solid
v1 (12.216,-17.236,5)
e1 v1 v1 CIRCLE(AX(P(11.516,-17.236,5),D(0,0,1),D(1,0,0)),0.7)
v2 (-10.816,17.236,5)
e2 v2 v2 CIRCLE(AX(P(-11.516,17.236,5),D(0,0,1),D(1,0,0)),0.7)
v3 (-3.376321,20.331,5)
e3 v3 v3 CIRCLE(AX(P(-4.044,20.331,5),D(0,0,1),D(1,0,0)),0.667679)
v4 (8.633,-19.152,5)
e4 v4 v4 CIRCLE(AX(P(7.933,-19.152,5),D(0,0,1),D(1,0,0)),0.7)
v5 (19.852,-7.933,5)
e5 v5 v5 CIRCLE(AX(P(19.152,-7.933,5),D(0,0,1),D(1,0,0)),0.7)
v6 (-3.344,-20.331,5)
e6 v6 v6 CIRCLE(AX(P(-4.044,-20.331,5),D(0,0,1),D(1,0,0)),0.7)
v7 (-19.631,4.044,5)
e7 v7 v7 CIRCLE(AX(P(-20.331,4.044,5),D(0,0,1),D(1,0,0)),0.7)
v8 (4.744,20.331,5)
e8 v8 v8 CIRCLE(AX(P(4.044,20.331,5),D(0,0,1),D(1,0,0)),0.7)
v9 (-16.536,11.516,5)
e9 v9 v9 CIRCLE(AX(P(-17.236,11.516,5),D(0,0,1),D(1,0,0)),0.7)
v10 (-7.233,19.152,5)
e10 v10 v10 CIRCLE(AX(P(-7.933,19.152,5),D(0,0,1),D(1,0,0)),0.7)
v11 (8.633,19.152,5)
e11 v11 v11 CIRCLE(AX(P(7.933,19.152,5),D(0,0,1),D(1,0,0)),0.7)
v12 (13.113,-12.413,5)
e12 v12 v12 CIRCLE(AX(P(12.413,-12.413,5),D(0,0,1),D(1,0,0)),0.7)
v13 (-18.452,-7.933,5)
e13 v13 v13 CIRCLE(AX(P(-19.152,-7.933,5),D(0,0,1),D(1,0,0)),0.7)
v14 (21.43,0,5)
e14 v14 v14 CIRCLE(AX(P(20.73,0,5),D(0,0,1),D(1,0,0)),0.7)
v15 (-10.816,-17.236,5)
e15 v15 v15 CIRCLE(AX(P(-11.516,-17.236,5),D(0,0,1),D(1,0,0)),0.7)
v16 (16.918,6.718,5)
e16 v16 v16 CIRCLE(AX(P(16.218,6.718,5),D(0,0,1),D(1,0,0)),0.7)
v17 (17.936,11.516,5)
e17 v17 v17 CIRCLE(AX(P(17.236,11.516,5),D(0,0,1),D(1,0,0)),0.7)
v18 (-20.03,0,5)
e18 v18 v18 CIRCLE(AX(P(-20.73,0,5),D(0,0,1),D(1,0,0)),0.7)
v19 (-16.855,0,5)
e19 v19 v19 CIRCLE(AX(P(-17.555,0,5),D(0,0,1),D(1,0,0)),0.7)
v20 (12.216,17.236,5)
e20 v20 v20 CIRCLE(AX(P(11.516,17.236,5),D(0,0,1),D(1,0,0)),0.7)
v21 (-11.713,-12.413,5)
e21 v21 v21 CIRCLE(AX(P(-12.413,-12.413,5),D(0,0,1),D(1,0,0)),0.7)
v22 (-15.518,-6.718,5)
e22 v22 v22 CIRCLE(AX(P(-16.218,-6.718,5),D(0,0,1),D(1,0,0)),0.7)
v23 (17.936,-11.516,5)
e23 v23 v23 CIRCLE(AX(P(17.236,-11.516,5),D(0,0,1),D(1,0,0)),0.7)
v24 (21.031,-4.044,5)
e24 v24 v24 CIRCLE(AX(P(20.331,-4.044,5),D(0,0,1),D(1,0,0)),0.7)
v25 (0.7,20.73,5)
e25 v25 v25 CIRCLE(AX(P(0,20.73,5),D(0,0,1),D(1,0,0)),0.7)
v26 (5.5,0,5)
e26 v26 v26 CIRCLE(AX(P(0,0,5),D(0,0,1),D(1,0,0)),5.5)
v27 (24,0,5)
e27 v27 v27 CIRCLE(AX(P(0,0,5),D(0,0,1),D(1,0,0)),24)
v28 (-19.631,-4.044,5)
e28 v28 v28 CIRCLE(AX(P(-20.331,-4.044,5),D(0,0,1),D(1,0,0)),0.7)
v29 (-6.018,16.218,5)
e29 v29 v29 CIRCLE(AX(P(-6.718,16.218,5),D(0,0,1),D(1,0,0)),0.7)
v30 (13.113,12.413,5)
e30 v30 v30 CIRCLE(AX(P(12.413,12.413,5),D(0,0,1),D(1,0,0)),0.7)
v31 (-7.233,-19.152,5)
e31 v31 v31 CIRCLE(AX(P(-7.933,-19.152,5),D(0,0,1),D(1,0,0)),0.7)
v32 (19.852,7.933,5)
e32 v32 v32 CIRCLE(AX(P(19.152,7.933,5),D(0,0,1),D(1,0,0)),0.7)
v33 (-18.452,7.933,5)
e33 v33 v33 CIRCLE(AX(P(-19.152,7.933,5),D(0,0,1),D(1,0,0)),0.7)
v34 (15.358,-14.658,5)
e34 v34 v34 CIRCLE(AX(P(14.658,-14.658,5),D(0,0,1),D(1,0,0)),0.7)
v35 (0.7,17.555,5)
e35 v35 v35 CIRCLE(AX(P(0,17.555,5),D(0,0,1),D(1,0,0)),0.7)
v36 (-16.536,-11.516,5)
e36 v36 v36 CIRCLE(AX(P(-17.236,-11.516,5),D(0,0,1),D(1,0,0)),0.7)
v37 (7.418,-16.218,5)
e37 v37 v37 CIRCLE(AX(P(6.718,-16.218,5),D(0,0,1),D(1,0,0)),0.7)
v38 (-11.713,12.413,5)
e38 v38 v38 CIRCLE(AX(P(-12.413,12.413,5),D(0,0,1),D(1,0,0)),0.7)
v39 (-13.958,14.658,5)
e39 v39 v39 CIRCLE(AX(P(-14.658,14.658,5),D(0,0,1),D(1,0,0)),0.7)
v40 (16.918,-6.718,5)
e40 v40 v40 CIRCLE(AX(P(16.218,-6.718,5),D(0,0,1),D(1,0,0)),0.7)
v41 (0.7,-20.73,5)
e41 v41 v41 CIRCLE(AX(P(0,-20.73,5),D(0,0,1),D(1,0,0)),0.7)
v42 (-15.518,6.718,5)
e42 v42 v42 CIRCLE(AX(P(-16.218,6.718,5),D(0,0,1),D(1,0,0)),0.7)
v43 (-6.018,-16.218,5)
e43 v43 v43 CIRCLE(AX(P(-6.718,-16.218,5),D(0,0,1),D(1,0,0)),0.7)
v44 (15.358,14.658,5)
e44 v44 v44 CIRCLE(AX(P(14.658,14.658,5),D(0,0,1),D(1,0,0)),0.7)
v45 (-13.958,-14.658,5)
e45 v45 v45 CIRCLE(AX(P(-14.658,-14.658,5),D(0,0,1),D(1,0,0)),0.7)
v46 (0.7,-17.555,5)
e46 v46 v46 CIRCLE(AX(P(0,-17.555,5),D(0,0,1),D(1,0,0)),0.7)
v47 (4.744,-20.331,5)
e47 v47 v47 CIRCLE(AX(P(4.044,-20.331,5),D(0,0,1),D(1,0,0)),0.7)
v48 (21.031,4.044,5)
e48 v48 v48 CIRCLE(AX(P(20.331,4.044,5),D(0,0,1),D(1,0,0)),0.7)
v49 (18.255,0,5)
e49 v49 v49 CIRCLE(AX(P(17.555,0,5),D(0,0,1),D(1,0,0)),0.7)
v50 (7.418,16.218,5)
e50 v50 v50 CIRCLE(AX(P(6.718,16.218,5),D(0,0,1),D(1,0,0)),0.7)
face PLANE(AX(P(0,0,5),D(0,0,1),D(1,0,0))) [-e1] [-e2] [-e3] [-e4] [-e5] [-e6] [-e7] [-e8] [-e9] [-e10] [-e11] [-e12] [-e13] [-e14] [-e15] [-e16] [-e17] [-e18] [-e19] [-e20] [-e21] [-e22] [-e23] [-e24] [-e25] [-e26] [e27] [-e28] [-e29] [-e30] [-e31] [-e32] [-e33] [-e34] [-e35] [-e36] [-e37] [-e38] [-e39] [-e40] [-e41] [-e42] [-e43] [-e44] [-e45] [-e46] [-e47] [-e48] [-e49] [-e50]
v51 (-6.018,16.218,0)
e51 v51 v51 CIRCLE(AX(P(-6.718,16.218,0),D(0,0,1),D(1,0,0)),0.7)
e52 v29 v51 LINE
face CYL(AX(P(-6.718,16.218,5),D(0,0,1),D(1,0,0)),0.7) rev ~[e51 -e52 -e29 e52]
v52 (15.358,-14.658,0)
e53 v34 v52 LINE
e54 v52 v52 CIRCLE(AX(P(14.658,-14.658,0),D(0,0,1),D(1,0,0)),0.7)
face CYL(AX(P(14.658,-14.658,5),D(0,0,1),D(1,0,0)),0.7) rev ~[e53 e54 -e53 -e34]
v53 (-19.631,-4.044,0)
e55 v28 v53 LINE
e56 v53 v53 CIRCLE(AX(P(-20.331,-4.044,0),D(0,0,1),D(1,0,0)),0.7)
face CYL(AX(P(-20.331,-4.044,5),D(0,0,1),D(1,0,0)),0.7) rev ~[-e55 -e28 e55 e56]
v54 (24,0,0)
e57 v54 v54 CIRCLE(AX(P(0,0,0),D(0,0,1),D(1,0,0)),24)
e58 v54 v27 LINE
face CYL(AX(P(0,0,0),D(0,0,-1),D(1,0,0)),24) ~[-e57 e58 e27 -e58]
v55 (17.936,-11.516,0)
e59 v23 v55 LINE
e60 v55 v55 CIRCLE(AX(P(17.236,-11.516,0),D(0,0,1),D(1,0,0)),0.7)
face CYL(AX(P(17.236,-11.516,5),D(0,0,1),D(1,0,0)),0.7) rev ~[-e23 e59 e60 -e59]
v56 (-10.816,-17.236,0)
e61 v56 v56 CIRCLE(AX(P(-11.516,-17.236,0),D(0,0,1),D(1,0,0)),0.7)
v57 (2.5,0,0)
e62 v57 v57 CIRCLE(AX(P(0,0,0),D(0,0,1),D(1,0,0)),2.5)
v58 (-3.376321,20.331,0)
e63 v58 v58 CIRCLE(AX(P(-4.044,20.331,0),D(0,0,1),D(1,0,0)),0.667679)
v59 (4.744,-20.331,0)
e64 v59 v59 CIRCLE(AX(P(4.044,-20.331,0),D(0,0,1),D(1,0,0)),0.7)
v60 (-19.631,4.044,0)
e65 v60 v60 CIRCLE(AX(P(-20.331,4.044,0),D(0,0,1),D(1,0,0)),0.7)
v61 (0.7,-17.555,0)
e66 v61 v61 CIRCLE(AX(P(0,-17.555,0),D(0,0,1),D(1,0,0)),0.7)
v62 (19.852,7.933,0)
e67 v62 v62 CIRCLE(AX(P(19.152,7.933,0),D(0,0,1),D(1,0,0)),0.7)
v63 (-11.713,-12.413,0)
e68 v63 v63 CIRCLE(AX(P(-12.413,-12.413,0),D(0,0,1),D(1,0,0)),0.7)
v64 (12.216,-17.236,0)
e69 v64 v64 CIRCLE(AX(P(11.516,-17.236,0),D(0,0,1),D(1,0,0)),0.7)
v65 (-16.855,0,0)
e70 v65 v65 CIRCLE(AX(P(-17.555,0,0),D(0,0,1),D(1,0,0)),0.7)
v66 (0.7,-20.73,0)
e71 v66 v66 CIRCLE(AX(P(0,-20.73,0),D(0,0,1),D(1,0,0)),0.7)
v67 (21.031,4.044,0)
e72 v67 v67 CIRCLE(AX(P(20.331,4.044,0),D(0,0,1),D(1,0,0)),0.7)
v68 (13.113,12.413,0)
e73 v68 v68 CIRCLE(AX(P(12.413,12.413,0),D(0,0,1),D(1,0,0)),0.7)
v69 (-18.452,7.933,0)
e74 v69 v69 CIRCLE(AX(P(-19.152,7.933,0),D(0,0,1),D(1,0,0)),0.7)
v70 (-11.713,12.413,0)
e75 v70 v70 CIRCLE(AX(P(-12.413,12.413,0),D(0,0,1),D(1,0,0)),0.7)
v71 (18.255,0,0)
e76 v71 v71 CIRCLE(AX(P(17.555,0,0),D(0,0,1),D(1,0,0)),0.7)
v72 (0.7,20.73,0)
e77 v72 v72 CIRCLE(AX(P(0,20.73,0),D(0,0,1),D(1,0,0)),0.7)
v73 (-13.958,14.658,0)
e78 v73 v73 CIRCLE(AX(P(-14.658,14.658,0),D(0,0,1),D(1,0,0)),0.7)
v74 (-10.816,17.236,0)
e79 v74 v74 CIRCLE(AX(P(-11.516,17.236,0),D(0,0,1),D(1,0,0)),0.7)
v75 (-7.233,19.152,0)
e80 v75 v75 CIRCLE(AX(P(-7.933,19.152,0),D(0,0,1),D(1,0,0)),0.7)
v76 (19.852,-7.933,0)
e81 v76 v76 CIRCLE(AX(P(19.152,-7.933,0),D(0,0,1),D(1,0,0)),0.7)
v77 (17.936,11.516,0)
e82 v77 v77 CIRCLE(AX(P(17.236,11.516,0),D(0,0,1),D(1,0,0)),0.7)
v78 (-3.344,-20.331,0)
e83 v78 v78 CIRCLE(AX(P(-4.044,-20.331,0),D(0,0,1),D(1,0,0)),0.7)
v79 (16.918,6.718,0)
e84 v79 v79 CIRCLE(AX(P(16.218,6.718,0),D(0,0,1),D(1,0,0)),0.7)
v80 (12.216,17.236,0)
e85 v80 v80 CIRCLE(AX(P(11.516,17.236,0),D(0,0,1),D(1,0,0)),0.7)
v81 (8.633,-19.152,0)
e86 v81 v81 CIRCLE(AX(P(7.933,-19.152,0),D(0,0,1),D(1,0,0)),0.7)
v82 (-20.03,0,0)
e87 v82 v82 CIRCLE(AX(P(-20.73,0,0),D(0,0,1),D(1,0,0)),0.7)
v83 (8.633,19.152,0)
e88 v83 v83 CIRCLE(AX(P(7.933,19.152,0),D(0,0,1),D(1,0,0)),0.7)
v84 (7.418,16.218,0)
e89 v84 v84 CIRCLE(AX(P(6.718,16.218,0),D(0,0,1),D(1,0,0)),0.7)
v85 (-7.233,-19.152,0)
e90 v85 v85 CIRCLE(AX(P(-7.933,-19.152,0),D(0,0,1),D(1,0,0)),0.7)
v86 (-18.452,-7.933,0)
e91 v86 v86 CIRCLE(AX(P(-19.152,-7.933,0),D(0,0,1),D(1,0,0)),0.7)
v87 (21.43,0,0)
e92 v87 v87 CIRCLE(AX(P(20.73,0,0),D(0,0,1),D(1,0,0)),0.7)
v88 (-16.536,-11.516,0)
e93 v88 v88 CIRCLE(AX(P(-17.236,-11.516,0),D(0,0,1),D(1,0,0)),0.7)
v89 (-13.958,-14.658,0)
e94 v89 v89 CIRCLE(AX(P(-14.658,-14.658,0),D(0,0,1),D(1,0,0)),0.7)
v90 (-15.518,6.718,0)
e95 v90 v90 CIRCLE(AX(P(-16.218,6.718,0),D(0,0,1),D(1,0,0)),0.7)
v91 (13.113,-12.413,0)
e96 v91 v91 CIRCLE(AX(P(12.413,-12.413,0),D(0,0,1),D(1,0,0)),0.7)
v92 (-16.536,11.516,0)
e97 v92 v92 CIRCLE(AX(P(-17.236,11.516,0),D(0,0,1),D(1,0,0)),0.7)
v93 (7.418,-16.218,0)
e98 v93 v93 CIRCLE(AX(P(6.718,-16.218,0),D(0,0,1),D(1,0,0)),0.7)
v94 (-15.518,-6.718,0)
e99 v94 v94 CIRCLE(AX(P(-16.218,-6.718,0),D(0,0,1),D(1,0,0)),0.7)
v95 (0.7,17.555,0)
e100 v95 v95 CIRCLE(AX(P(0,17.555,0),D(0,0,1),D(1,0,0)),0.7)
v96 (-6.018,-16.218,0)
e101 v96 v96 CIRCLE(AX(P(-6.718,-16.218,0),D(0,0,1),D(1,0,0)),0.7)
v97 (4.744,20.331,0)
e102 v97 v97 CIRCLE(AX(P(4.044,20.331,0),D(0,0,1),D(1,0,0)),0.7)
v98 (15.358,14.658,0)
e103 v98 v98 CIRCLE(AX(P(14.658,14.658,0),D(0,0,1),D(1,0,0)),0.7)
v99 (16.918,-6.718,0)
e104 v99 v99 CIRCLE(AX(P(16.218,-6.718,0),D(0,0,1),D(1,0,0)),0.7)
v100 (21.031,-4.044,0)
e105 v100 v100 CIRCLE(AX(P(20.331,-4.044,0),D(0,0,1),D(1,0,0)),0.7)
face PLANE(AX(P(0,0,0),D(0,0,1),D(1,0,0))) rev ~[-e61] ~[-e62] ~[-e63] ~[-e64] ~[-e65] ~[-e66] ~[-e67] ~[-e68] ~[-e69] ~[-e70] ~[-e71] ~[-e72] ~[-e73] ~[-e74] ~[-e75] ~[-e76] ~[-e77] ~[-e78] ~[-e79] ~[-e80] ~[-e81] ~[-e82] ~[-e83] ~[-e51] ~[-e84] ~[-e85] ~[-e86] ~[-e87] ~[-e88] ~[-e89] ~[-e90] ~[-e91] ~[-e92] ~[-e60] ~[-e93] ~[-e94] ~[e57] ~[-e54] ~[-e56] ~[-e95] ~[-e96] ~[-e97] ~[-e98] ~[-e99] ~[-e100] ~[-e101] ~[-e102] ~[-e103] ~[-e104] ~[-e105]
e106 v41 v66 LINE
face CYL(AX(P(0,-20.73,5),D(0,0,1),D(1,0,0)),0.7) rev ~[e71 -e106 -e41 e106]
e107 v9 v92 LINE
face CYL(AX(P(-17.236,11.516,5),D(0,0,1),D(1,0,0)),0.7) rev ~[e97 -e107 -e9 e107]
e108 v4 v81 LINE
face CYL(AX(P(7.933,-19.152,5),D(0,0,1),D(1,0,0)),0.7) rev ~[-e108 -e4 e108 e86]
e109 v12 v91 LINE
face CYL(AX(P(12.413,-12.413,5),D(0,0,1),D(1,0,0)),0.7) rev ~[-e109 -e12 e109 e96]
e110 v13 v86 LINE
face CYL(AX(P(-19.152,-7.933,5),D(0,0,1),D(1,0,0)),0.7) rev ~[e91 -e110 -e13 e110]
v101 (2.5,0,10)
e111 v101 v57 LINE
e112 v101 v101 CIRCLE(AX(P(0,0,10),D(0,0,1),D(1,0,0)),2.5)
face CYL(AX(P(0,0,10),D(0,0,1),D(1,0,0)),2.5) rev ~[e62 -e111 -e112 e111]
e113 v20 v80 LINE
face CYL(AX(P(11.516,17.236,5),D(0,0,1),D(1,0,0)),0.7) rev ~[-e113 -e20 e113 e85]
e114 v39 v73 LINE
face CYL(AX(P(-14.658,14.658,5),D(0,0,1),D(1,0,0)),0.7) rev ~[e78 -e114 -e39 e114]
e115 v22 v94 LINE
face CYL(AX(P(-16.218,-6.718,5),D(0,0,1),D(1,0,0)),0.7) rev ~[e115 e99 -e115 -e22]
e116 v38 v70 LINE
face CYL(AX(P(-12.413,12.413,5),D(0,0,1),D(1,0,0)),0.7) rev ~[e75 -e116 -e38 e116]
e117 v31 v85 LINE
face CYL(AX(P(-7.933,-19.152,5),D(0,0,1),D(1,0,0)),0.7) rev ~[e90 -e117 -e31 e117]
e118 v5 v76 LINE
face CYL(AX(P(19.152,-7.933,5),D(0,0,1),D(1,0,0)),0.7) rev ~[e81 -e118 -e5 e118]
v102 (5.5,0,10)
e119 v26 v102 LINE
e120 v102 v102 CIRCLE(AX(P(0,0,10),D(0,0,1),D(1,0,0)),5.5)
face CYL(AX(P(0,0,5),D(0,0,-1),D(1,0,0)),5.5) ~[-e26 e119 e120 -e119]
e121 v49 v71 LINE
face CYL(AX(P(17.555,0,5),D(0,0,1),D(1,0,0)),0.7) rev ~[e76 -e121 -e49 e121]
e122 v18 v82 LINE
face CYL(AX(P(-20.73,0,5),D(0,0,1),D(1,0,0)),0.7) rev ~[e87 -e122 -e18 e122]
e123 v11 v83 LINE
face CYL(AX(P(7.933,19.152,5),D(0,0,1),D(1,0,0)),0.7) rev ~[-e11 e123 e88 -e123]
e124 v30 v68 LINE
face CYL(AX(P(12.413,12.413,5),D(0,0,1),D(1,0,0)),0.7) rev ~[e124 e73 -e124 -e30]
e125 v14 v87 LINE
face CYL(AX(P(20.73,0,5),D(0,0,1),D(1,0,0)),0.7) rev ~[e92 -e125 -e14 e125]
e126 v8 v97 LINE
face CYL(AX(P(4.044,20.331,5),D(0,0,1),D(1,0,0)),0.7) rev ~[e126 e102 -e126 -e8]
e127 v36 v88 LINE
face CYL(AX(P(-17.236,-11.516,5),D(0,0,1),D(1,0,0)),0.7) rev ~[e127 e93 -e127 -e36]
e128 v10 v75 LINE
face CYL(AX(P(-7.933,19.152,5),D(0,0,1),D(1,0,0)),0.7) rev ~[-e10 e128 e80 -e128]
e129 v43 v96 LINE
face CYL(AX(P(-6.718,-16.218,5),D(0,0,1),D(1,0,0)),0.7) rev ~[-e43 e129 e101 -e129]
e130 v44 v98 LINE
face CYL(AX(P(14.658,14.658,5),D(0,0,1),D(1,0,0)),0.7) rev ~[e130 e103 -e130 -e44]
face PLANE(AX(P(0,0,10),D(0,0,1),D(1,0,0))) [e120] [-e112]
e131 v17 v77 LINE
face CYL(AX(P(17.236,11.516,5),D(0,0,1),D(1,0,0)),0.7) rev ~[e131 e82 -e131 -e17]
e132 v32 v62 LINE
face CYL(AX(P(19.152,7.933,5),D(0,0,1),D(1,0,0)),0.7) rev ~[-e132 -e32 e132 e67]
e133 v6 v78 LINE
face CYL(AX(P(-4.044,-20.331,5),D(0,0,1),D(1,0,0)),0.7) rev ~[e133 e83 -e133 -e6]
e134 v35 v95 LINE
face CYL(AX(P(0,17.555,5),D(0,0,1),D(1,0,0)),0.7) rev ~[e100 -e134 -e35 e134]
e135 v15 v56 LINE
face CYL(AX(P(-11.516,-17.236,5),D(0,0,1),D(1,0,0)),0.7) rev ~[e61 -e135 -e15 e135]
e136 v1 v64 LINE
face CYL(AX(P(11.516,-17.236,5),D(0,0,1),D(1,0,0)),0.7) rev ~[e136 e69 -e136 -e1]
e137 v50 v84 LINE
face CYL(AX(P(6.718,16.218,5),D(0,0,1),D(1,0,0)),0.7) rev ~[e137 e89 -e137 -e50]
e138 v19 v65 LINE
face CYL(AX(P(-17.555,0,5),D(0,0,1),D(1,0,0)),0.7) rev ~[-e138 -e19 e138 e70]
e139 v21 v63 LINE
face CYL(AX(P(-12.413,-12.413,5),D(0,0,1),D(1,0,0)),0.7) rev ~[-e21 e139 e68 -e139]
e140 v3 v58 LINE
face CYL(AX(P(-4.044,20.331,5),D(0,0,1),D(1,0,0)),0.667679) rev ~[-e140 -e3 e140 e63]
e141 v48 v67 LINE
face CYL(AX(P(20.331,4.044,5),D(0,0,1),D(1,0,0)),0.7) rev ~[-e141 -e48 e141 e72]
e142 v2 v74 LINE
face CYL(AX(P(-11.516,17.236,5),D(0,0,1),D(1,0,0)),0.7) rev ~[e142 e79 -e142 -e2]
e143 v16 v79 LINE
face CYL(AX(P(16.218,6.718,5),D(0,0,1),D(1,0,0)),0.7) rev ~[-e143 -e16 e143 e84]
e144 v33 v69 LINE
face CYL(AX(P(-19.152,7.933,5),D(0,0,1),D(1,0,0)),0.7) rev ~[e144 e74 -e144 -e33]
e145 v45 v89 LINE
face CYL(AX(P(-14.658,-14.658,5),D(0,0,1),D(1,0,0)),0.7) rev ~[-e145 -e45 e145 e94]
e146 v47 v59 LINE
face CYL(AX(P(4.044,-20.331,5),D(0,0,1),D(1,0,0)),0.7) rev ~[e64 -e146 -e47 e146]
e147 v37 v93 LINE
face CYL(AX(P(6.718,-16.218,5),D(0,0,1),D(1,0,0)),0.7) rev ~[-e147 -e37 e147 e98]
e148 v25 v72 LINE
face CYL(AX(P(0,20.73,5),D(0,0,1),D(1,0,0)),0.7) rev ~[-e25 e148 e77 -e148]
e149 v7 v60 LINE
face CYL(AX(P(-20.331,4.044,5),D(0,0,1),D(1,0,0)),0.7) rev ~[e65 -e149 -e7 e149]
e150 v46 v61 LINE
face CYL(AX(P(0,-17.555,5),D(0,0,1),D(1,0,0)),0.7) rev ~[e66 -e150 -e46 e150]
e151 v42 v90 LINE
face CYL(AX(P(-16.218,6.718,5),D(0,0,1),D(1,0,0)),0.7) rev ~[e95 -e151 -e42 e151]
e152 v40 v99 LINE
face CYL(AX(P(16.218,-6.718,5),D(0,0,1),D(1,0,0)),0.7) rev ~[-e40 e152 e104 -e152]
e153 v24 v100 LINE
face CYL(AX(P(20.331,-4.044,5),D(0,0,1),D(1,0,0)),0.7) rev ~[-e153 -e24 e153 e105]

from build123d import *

# Parameters (mm, degrees)
SKETCH1_R          = 24
EXTRUDE1_DEPTH     = 5
SKETCH2_R          = 5.5
EXTRUDE2_DEPTH     = 5
SKETCH3_R          = 2.5
CUT_EXTRUDE1_DEPTH = 11
SKETCH4_R          = 0.7
SKETCH4_R_2        = 0.66767911
CUT_EXTRUDE2_DEPTH = 6


with BuildPart() as part:
    # Sketch1 → Extrude1 (new body)
    with BuildSketch(Plane.XY):
        Circle(SKETCH1_R)
    extrude(amount=EXTRUDE1_DEPTH)

    # Sketch2 → Extrude2 (add)
    with BuildSketch(Plane.XY.offset(5)):
        Circle(SKETCH2_R)
    extrude(amount=EXTRUDE2_DEPTH)

    # Sketch3 → Cut-Extrude1 (cut, through all)
    with BuildSketch(Plane.XY.offset(10)):
        Circle(SKETCH3_R)
    extrude(amount=-CUT_EXTRUDE1_DEPTH, mode=Mode.SUBTRACT)

    # Sketch4 → Cut-Extrude2 (cut, through all)
    with BuildSketch(Plane.XY.offset(5)):
        with Locations((0, 20.73)):
            Circle(SKETCH4_R)
        with Locations((0, -20.73)):
            Circle(SKETCH4_R)
        with Locations((20.73, 0)):
            Circle(SKETCH4_R)
        with Locations((-20.73, 0)):
            Circle(SKETCH4_R)
        with Locations((-14.658, 14.658)):
            Circle(SKETCH4_R)
        with Locations((14.658, 14.658)):
            Circle(SKETCH4_R)
        with Locations((14.658, -14.658)):
            Circle(SKETCH4_R)
        with Locations((-14.658, -14.658)):
            Circle(SKETCH4_R)
        with Locations((19.152, 7.933)):
            Circle(SKETCH4_R)
        with Locations((7.933, 19.152)):
            Circle(SKETCH4_R)
        with Locations((19.152, -7.933)):
            Circle(SKETCH4_R)
        with Locations((7.933, -19.152)):
            Circle(SKETCH4_R)
        with Locations((-7.933, 19.152)):
            Circle(SKETCH4_R)
        with Locations((-19.152, 7.933)):
            Circle(SKETCH4_R)
        with Locations((-19.152, -7.933)):
            Circle(SKETCH4_R)
        with Locations((-7.933, -19.152)):
            Circle(SKETCH4_R)
        with Locations((20.331, 4.044)):
            Circle(SKETCH4_R)
        with Locations((20.331, -4.044)):
            Circle(SKETCH4_R)
        with Locations((4.044, -20.331)):
            Circle(SKETCH4_R)
        with Locations((-4.044, -20.331)):
            Circle(SKETCH4_R)
        with Locations((4.044, 20.331)):
            Circle(SKETCH4_R)
        with Locations((-4.044, 20.331)):
            Circle(SKETCH4_R_2)
        with Locations((-20.331, 4.044)):
            Circle(SKETCH4_R)
        with Locations((-20.331, -4.044)):
            Circle(SKETCH4_R)
        with Locations((17.236, 11.516)):
            Circle(SKETCH4_R)
        with Locations((11.516, 17.236)):
            Circle(SKETCH4_R)
        with Locations((17.236, -11.516)):
            Circle(SKETCH4_R)
        with Locations((11.516, -17.236)):
            Circle(SKETCH4_R)
        with Locations((-11.516, -17.236)):
            Circle(SKETCH4_R)
        with Locations((-17.236, -11.516)):
            Circle(SKETCH4_R)
        with Locations((-17.236, 11.516)):
            Circle(SKETCH4_R)
        with Locations((-11.516, 17.236)):
            Circle(SKETCH4_R)
        with Locations((0, 17.555)):
            Circle(SKETCH4_R)
        with Locations((17.555, 0)):
            Circle(SKETCH4_R)
        with Locations((0, -17.555)):
            Circle(SKETCH4_R)
        with Locations((-17.555, 0)):
            Circle(SKETCH4_R)
        with Locations((-12.413, 12.413)):
            Circle(SKETCH4_R)
        with Locations((12.413, 12.413)):
            Circle(SKETCH4_R)
        with Locations((12.413, -12.413)):
            Circle(SKETCH4_R)
        with Locations((-12.413, -12.413)):
            Circle(SKETCH4_R)
        with Locations((-16.218, 6.718)):
            Circle(SKETCH4_R)
        with Locations((16.218, 6.718)):
            Circle(SKETCH4_R)
        with Locations((16.218, -6.718)):
            Circle(SKETCH4_R)
        with Locations((-16.218, -6.718)):
            Circle(SKETCH4_R)
        with Locations((6.718, 16.218)):
            Circle(SKETCH4_R)
        with Locations((6.718, -16.218)):
            Circle(SKETCH4_R)
        with Locations((-6.718, -16.218)):
            Circle(SKETCH4_R)
        with Locations((-6.718, 16.218)):
            Circle(SKETCH4_R)
    extrude(amount=-CUT_EXTRUDE2_DEPTH, mode=Mode.SUBTRACT)


solid = part.part
